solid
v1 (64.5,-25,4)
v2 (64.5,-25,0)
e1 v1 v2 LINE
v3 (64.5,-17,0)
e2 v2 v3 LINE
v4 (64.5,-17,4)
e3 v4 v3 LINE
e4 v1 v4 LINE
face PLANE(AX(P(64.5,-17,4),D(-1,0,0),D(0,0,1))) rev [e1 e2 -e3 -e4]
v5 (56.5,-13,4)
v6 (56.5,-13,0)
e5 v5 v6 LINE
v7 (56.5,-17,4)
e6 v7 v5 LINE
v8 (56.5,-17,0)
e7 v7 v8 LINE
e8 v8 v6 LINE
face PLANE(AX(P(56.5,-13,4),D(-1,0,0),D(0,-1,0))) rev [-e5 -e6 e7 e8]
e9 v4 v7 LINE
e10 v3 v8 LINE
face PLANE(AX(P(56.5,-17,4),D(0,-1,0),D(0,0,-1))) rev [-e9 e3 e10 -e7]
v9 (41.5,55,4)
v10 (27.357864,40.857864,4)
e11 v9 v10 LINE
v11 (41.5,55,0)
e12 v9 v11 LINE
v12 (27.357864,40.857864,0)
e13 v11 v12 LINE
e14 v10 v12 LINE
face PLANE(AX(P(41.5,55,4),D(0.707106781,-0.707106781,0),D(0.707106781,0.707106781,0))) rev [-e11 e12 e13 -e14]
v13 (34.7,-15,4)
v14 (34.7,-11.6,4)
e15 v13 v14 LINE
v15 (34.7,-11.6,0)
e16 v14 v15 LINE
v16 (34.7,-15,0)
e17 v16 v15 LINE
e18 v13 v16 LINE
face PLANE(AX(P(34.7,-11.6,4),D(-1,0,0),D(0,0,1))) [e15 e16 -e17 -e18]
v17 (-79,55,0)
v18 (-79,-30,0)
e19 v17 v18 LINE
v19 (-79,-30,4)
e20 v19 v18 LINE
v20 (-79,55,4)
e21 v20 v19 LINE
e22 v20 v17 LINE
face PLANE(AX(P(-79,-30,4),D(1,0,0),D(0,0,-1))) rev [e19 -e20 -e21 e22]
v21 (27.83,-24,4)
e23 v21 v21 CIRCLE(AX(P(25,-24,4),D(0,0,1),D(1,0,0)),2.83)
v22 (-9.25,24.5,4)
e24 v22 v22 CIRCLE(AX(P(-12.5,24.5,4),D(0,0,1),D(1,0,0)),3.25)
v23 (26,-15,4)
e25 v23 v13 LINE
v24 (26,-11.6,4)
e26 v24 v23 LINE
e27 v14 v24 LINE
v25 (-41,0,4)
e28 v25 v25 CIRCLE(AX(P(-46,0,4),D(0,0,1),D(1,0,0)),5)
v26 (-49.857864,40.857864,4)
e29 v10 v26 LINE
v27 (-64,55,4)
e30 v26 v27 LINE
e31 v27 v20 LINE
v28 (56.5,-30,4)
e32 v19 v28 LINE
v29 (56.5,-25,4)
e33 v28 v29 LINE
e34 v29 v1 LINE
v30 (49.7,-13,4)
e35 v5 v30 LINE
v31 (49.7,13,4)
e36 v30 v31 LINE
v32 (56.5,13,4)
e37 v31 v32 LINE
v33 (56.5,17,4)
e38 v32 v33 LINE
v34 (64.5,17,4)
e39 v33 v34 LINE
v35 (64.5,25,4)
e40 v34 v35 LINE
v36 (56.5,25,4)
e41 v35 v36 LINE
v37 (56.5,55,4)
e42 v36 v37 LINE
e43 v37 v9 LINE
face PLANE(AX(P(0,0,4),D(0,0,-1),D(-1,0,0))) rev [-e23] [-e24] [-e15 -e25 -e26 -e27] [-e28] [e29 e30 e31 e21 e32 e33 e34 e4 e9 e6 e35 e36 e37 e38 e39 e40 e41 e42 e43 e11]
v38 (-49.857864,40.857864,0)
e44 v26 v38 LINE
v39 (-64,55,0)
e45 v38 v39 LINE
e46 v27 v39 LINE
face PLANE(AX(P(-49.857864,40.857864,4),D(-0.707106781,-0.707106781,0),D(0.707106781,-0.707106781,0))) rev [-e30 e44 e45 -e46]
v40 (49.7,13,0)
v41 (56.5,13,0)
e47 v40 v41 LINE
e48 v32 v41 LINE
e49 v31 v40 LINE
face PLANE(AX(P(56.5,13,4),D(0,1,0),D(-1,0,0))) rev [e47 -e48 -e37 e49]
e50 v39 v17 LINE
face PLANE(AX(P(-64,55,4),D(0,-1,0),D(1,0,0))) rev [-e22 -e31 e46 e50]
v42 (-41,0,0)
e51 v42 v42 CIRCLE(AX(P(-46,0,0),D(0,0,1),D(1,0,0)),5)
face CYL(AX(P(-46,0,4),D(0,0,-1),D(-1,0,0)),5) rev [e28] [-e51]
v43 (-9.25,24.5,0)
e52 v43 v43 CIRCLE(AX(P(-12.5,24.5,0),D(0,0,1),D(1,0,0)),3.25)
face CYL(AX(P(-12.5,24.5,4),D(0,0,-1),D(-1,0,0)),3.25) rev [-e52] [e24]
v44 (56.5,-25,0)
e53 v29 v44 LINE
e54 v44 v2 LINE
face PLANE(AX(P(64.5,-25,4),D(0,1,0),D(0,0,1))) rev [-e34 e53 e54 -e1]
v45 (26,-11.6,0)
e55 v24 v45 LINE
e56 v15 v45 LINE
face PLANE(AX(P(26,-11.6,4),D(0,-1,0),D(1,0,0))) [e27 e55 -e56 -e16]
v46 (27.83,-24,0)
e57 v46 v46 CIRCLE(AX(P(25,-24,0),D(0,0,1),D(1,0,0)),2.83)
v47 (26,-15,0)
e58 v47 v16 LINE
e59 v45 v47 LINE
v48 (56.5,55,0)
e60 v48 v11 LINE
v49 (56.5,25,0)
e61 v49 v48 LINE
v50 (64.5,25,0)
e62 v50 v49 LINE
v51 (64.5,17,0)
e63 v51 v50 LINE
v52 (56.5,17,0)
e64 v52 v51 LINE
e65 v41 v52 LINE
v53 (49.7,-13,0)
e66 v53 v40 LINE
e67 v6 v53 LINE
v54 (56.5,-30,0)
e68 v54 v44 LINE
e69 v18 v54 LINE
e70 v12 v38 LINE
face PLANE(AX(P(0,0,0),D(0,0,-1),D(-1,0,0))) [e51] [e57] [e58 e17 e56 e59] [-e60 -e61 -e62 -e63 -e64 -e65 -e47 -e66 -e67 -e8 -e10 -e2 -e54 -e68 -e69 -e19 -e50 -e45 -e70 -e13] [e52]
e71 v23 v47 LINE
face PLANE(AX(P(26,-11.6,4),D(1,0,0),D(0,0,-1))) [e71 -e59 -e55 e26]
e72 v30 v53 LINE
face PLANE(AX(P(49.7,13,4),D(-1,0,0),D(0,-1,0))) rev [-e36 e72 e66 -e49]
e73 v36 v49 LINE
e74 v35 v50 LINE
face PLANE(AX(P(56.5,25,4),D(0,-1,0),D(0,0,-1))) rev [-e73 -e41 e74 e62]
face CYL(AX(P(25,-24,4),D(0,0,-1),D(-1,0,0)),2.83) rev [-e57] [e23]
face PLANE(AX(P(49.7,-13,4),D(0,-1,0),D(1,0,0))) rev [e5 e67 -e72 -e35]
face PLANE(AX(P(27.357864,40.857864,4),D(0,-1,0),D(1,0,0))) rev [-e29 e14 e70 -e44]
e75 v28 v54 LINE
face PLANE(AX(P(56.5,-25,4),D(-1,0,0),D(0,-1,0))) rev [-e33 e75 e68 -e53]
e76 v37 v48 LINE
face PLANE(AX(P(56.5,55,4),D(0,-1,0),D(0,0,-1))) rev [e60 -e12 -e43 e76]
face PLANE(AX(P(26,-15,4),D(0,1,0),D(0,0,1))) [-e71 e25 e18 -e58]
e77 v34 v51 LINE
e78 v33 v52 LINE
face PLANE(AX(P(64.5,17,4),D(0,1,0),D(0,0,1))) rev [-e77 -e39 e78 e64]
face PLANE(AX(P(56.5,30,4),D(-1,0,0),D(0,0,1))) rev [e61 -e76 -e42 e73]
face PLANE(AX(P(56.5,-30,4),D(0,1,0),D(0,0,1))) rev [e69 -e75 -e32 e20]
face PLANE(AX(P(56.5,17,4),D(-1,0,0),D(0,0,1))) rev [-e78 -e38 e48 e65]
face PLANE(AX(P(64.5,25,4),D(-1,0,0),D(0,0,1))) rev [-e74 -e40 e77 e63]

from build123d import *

# Parameters (mm, degrees)
SKETCH1_R           = 5
SKETCH1_R_2         = 2.83
SKETCH1_R_3         = 3.25
SKETCH1_W           = 8.7
SKETCH1_H           = 3.4
BOSS_EXTRUDE1_DEPTH = 4
BOSS_EXTRUDE2_DEPTH = 4


with BuildPart() as part:
    # Sketch1 → Boss-Extrude1 (new body)
    with BuildSketch(Plane.XY):
        Polygon((49, 30), (56.5, 30), (56.5, 25), (64.5, 25), (64.5, 17), (56.5, 17), (56.5, 13), (49.7, 13), (49.7, -13), (56.5, -13), (56.5, -17), (64.5, -17), (64.5, -25), (56.5, -25), (56.5, -30), (49, -30), (-79, -30), (-79, 30), align=None)
        with Locations((-46, 0)):
            Circle(SKETCH1_R, mode=Mode.SUBTRACT)
        with Locations((25, -24)):
            Circle(SKETCH1_R_2, mode=Mode.SUBTRACT)
        with Locations((-12.5, 24.5)):
            Circle(SKETCH1_R_3, mode=Mode.SUBTRACT)
        with Locations((30.35, -13.3)):
            Rectangle(SKETCH1_W, SKETCH1_H, mode=Mode.SUBTRACT)
    extrude(amount=BOSS_EXTRUDE1_DEPTH)

    # Sketch2 → Boss-Extrude2 (add)
    with BuildSketch(Plane.XY):
        Polygon((-79, 30), (56.5, 30), (56.5, 55), (41.5, 55), (27.357864376, 40.857864376), (-49.857864376, 40.857864376), (-64, 55), (-79, 55), align=None)
    extrude(amount=BOSS_EXTRUDE2_DEPTH)


solid = part.part
